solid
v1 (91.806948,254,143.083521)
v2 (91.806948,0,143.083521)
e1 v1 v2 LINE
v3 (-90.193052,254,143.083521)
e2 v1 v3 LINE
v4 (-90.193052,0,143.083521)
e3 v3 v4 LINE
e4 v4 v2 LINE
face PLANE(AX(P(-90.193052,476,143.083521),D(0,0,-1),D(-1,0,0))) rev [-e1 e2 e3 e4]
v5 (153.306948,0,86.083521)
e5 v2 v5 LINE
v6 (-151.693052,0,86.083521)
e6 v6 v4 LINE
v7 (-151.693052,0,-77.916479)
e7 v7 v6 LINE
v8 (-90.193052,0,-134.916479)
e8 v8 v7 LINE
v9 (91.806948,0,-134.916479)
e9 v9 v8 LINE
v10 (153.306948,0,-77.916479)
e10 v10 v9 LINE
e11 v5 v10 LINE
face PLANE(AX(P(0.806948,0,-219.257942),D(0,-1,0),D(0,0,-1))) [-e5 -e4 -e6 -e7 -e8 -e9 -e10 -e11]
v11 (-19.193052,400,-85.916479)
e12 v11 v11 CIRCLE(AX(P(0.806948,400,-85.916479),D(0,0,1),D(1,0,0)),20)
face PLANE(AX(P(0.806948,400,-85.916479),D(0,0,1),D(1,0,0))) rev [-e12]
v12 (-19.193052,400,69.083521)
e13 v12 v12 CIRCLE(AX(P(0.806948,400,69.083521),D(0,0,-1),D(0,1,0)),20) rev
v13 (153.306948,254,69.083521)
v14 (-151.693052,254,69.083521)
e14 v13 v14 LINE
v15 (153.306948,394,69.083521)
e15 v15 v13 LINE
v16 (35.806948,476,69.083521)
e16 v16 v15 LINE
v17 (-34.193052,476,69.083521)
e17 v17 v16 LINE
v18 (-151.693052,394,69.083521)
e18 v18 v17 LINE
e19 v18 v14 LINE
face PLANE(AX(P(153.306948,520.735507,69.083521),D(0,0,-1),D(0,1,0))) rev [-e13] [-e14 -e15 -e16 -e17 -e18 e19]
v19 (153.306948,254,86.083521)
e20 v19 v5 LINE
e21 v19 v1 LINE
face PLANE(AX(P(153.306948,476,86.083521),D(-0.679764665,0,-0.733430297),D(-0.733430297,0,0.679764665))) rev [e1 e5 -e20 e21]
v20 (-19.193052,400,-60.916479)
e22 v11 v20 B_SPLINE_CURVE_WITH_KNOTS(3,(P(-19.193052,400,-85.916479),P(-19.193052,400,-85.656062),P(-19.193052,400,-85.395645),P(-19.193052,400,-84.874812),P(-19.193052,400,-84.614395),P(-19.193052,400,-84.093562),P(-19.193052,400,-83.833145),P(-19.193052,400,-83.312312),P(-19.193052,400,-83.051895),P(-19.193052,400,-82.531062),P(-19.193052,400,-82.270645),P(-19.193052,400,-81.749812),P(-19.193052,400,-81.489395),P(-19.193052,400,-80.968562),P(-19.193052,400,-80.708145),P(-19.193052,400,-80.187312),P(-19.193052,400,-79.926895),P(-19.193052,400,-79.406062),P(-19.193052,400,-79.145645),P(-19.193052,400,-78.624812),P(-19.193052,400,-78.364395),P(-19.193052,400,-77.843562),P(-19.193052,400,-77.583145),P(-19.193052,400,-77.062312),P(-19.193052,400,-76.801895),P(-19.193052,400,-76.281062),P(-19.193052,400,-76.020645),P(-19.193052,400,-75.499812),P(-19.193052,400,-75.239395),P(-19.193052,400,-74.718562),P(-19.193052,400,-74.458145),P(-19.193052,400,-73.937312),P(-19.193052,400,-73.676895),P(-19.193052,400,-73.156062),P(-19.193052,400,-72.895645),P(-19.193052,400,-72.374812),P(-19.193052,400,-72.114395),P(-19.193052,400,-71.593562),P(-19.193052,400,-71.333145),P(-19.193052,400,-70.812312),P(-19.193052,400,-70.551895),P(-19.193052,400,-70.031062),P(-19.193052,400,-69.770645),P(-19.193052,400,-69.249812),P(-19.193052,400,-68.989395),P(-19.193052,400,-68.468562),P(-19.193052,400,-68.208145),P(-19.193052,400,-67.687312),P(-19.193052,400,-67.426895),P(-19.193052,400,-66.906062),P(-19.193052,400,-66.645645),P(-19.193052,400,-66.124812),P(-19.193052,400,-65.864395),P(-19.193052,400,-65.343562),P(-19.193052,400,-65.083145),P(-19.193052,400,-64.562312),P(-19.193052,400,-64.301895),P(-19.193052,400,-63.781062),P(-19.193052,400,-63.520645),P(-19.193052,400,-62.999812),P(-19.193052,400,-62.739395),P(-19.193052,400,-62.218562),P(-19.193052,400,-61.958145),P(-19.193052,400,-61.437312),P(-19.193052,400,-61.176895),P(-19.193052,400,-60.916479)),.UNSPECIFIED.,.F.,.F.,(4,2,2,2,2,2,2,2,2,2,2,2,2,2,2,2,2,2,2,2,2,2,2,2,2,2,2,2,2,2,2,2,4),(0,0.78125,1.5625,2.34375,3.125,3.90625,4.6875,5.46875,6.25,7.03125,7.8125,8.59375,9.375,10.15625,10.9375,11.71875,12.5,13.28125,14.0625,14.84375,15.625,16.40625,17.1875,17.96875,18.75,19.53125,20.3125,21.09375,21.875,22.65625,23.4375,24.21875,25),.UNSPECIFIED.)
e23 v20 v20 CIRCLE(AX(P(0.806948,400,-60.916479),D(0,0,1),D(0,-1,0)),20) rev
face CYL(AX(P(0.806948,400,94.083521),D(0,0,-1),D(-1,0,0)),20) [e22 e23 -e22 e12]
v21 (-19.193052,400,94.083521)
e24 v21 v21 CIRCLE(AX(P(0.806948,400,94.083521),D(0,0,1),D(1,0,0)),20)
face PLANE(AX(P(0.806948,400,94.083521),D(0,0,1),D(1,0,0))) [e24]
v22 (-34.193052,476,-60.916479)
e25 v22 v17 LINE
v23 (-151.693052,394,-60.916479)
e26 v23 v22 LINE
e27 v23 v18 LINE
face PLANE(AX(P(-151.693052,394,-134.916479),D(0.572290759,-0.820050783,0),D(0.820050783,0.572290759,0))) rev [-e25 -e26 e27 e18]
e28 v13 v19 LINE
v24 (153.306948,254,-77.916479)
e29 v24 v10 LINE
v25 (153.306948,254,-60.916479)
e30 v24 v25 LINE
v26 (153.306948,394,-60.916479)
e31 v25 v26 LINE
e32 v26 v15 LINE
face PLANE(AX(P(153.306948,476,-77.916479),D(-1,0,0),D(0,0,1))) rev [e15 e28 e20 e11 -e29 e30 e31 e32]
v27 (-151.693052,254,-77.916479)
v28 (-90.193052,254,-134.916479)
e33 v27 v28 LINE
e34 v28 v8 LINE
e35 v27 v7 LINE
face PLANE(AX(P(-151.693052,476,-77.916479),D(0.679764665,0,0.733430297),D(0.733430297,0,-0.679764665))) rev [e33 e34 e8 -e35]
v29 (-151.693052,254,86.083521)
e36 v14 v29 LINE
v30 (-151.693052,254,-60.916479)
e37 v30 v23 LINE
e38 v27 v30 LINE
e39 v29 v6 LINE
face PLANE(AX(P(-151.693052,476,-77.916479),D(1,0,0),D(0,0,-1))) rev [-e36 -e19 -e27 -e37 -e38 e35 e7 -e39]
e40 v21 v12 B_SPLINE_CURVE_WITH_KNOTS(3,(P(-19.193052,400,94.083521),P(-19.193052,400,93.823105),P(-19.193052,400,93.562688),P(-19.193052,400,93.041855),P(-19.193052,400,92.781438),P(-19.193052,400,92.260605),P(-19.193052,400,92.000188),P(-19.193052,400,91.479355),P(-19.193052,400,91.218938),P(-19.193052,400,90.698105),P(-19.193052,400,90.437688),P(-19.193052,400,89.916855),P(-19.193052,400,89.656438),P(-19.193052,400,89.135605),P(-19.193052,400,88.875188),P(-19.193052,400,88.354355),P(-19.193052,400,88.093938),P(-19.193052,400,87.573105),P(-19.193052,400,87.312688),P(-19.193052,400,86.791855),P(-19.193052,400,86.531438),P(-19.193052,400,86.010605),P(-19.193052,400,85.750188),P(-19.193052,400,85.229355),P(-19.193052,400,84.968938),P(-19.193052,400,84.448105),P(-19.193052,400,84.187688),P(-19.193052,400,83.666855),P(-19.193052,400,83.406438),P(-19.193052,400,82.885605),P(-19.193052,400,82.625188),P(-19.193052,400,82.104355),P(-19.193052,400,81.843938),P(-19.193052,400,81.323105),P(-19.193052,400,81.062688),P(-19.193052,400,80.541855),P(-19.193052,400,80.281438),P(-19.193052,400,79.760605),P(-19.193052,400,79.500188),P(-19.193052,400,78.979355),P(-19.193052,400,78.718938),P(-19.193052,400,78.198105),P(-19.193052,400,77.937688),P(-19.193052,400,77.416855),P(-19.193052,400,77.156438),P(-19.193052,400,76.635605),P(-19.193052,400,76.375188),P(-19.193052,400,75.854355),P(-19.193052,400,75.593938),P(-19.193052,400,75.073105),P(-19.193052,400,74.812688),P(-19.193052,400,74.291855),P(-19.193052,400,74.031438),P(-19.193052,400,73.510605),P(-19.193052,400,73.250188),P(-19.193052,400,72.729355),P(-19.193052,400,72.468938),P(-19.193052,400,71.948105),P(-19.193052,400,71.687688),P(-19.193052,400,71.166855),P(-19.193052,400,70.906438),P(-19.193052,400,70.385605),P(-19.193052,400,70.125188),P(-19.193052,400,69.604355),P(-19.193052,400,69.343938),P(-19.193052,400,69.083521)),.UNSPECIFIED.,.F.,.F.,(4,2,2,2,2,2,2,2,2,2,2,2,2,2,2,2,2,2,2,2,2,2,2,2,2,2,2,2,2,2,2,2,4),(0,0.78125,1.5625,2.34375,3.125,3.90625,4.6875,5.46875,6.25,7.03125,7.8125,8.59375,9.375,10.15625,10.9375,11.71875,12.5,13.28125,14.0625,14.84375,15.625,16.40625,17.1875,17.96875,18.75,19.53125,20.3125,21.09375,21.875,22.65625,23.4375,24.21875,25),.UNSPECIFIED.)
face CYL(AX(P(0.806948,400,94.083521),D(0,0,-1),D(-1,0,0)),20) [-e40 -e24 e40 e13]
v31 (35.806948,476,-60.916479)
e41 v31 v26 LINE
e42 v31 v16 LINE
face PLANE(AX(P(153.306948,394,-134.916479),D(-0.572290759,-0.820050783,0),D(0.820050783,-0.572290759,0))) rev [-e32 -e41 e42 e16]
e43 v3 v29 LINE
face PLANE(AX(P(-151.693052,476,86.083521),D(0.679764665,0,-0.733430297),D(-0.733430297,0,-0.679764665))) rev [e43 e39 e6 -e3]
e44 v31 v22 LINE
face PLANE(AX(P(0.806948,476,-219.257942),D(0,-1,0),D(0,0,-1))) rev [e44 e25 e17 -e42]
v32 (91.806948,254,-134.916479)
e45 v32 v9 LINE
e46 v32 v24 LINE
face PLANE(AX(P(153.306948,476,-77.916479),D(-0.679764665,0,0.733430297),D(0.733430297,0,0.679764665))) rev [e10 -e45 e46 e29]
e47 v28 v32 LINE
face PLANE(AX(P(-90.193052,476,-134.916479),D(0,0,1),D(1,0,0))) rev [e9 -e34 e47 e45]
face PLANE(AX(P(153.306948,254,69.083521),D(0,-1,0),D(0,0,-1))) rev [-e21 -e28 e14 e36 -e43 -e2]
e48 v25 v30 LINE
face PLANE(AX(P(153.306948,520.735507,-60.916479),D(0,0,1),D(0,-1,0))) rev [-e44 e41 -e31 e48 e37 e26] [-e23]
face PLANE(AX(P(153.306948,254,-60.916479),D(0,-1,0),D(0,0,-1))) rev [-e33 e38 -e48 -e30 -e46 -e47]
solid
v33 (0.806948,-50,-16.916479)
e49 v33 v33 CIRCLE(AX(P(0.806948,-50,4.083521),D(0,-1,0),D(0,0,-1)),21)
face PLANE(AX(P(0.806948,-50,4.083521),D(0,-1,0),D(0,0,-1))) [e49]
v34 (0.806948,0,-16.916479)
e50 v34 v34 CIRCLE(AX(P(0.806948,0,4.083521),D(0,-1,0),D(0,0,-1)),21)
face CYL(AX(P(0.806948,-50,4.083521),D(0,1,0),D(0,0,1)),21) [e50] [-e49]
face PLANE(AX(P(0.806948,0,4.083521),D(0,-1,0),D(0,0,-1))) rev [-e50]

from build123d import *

# Parameters (mm, degrees)
EXTRUDE_1_DEPTH     = 476
SKETCH1_R           = 21
BOSS_EXTRUDE1_DEPTH = 50
SKETCH2_W           = 179.570161801
SKETCH2_H           = 266.735506726
CUT_EXTRUDE1_DEPTH  = 584.158549676
CUT_EXTRUDE2_DEPTH  = 541.087974739
SKETCH4_R           = 20
BOSS_EXTRUDE2_DEPTH = 90


with BuildPart() as part:
    # Эскиз1 → Вытянуть1 (new body)
    with BuildSketch(Plane(origin=(0, 0, 0), x_dir=(1, 0, 0), z_dir=(0, 1, 0))):
        Polygon((-151.693051502, 77.916478726), (-151.693051502, -86.083521274), (-90.193051502, -143.083521274), (91.806948498, -143.083521274), (153.306948498, -86.083521274), (153.306948498, 77.916478726), (91.806948498, 134.916478726), (-90.193051502, 134.916478726), align=None)
    extrude(amount=EXTRUDE_1_DEPTH)

    # Sketch2 → Cut-Extrude1 (cut, through all)
    with BuildSketch(Plane.ZY.offset(151.693051502)):
        with Locations((158.868602175, 387.367753363)):
            Rectangle(SKETCH2_W, SKETCH2_H)
        with Locations((-150.701559626, 387.367753363)):
            Rectangle(SKETCH2_W, SKETCH2_H)
    extrude(amount=-CUT_EXTRUDE1_DEPTH, mode=Mode.SUBTRACT)

    # Sketch3 → Cut-Extrude2 (cut, through all)
    with BuildSketch(Plane.XY.offset(69.083521274)):
        Polygon((-151.693051502, 394), (-34.193051502, 476), (-151.693051502, 476), align=None)
        Polygon((153.306948498, 476), (35.806948498, 476), (153.306948498, 394), align=None)
    extrude(amount=-CUT_EXTRUDE2_DEPTH, mode=Mode.SUBTRACT)

    # Sketch4 → Boss-Extrude2 (add, symmetric)
    with BuildSketch(Plane.XY.offset(4.083521274)):
        with Locations(Location((0.806948498, 400, 0), (0, 0, 180))):
            Circle(SKETCH4_R)
    extrude(amount=BOSS_EXTRUDE2_DEPTH, both=True)


with BuildPart() as body_2:
    # Sketch1 → Boss-Extrude1 (new body)
    with BuildSketch(Plane(origin=(0, 0, 0), x_dir=(-1, 0, 0), z_dir=(0, -1, 0))):
        with Locations(Location((-0.806948498, -4.083521274, 0), (0, 0, 90))):
            Circle(SKETCH1_R)
    extrude(amount=BOSS_EXTRUDE1_DEPTH)


solid = Compound([part.part, body_2.part])
